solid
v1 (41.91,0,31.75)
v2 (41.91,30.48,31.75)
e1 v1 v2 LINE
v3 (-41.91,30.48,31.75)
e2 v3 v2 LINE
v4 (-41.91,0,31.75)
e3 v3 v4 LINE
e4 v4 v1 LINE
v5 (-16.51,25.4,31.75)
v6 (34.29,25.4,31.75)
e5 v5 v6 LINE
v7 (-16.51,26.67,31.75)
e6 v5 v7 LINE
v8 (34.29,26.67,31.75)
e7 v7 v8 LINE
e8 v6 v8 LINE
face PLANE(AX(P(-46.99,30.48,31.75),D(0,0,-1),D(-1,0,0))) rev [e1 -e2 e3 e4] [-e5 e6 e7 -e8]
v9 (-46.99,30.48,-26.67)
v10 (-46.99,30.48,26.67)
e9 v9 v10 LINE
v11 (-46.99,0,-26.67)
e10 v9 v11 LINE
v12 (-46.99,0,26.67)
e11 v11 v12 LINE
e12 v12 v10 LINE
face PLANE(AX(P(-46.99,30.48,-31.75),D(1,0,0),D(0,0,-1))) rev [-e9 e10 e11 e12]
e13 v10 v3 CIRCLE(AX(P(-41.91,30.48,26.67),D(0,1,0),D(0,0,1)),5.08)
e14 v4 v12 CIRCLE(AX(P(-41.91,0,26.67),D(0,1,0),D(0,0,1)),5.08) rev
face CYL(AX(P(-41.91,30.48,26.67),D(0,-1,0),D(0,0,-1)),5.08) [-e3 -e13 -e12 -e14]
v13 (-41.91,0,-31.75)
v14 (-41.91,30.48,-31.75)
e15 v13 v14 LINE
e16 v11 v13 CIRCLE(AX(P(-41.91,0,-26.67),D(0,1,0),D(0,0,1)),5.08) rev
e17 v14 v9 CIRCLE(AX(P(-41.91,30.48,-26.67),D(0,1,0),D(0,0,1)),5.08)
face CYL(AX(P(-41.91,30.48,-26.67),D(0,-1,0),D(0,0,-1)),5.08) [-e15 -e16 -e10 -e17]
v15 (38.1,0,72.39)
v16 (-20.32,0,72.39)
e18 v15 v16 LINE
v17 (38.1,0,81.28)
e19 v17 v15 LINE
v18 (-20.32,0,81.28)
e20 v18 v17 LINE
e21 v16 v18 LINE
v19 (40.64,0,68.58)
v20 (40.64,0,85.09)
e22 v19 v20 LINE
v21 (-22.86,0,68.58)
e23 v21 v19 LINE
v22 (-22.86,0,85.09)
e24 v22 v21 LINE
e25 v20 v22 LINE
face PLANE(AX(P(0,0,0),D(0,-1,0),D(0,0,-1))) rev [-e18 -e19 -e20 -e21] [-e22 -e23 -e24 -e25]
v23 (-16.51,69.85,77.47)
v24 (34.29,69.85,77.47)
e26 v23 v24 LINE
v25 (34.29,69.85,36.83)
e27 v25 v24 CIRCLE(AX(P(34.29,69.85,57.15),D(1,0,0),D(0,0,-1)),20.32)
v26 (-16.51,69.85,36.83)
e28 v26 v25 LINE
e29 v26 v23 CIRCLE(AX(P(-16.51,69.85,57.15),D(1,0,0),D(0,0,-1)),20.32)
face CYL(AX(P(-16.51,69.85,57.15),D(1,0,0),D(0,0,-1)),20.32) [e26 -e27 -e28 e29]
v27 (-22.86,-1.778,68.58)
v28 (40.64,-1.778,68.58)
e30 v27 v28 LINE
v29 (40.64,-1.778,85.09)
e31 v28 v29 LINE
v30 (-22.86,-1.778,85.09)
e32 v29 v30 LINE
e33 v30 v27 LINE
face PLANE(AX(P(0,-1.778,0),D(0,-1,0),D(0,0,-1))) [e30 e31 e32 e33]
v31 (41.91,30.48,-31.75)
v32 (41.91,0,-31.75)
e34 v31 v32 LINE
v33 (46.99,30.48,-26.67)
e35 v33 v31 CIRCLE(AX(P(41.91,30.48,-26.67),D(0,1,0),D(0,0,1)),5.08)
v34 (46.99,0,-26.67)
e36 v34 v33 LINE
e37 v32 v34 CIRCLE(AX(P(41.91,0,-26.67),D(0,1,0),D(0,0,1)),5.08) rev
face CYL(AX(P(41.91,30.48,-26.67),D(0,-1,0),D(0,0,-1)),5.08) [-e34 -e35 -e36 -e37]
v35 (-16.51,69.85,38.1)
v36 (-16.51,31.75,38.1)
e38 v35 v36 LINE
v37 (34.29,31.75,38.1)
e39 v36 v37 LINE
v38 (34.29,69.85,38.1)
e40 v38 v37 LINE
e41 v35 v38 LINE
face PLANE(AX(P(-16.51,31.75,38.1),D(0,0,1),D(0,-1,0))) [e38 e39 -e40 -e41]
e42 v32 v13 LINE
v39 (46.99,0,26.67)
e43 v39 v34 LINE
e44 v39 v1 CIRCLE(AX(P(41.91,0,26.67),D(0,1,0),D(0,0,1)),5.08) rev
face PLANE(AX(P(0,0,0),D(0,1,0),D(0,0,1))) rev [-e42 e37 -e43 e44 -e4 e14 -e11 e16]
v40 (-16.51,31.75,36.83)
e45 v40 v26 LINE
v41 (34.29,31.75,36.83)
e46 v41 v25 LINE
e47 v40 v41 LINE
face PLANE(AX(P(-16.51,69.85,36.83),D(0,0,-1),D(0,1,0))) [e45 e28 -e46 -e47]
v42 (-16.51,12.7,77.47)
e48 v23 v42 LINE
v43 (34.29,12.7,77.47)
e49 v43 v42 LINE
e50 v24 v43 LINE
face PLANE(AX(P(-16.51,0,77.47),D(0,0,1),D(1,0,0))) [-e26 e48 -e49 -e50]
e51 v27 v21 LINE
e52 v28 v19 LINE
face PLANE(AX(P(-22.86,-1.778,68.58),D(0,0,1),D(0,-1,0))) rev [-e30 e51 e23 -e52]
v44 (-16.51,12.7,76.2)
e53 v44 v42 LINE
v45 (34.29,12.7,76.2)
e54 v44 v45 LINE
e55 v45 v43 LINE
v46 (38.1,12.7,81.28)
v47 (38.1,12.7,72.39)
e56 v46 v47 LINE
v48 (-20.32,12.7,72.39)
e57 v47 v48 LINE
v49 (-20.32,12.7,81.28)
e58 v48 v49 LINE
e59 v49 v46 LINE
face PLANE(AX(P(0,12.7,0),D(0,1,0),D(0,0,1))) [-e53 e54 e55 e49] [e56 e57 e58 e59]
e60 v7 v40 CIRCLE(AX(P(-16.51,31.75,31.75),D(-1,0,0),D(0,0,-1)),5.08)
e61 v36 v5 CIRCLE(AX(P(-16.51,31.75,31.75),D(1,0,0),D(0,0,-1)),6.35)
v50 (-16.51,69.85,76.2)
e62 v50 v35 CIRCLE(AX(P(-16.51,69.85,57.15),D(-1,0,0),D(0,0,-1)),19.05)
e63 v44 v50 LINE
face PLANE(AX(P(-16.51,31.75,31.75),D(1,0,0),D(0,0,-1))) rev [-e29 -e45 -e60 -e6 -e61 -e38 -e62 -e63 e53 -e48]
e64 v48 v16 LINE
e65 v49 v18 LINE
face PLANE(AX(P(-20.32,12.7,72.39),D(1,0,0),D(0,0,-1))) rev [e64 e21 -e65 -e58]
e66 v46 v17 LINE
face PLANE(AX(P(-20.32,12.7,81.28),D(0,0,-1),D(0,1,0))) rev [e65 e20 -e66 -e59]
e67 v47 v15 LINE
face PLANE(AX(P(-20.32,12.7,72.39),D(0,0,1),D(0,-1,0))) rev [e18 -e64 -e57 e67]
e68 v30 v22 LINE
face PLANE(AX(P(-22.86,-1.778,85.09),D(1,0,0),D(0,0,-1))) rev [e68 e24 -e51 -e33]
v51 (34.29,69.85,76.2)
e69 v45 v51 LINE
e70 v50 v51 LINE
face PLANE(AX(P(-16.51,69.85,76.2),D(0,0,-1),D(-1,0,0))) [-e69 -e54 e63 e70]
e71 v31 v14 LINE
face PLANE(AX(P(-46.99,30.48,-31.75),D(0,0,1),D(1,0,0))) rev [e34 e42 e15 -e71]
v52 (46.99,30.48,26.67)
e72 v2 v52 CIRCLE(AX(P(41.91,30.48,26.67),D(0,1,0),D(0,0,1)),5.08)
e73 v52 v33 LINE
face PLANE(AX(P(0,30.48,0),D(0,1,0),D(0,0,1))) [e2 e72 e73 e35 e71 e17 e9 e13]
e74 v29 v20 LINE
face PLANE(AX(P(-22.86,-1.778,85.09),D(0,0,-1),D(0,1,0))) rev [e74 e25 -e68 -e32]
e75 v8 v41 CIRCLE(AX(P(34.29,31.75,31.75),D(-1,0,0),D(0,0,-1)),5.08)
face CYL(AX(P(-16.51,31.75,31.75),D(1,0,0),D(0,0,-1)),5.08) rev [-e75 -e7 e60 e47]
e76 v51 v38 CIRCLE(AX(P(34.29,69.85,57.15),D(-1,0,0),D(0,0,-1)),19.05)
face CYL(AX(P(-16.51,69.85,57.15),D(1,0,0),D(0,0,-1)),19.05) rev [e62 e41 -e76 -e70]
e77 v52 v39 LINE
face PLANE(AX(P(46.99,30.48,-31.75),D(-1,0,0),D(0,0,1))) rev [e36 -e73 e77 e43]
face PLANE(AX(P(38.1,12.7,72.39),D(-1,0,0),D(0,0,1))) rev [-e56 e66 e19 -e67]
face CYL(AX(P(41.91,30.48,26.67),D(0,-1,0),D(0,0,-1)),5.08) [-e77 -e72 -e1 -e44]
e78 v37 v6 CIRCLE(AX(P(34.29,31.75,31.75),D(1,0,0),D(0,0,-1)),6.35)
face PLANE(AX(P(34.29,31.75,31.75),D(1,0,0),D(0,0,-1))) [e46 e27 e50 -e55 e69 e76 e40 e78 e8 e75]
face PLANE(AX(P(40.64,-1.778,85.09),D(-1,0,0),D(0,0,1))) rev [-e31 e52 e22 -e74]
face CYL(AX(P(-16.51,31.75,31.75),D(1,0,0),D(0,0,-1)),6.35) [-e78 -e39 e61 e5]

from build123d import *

# Parameters (mm, degrees)
SKETCH1_W           = 93.98
SKETCH1_H           = 63.5
BOSS_EXTRUDE1_DEPTH = 30.48
FILLET1_R           = 5.08
BOSS_EXTRUDE2_START = -12.7
BOSS_EXTRUDE2_DEPTH = 50.8
SKETCH4_W           = 63.5
SKETCH4_H           = 16.51
BOSS_EXTRUDE3_DEPTH = 1.778
SKETCH5_W           = 58.42
SKETCH5_H           = 8.89
BOSS_EXTRUDE4_DEPTH = 12.7


with BuildPart() as part:
    # Sketch1 → Boss-Extrude1 (new body)
    with BuildSketch(Plane(origin=(0, 0, 0), x_dir=(1, 0, 0), z_dir=(0, 1, 0))):
        Rectangle(SKETCH1_W, SKETCH1_H)
    extrude(amount=BOSS_EXTRUDE1_DEPTH)

    # Fillet1
    fillet1_edges = [part.edges().sort_by_distance(p)[0] for p in [
        (46.99, 15.24, 31.75),
        (-46.99, 15.24, 31.75),
        (-46.99, 15.24, -31.75),
        (46.99, 15.24, -31.75),
    ]]
    fillet(fillet1_edges, radius=FILLET1_R)

    # Sketch2 → Boss-Extrude2 (add)
    with BuildSketch(Plane(origin=(46.99, 0, 0), x_dir=(0, 0, -1), z_dir=(1, 0, 0)).offset(BOSS_EXTRUDE2_START)):
        with BuildLine():
            Line((-38.1, 31.75), (-38.1, 69.85))
            ThreePointArc((-38.1, 69.85), (-57.15, 88.9), (-76.2, 69.85))
            Line((-76.2, 69.85), (-76.2, 0))
            Line((-76.2, 0), (-77.47, 0))
            Line((-77.47, 0), (-77.47, 69.85))
            ThreePointArc((-77.47, 69.85), (-57.15, 90.17), (-36.83, 69.85))
            Line((-36.83, 69.85), (-36.83, 31.75))
            ThreePointArc((-36.83, 31.75), (-35.342102448, 28.157897552), (-31.75, 26.67))
            Line((-31.75, 26.67), (-31.75, 25.4))
            ThreePointArc((-31.75, 25.4), (-36.240128061, 27.259871939), (-38.1, 31.75))
        make_face()
    extrude(amount=-BOSS_EXTRUDE2_DEPTH)

    # Sketch4 → Boss-Extrude3 (add)
    with BuildSketch(Plane.XZ):
        with Locations((8.89, 76.835)):
            Rectangle(SKETCH4_W, SKETCH4_H)
    extrude(amount=BOSS_EXTRUDE3_DEPTH)

    # Sketch5 → Boss-Extrude4 (add)
    with BuildSketch(Plane(origin=(0, 0, 0), x_dir=(1, 0, 0), z_dir=(0, 1, 0))):
        with Locations((8.89, -76.835)):
            Rectangle(SKETCH5_W, SKETCH5_H)
    extrude(amount=BOSS_EXTRUDE4_DEPTH)


solid = part.part
